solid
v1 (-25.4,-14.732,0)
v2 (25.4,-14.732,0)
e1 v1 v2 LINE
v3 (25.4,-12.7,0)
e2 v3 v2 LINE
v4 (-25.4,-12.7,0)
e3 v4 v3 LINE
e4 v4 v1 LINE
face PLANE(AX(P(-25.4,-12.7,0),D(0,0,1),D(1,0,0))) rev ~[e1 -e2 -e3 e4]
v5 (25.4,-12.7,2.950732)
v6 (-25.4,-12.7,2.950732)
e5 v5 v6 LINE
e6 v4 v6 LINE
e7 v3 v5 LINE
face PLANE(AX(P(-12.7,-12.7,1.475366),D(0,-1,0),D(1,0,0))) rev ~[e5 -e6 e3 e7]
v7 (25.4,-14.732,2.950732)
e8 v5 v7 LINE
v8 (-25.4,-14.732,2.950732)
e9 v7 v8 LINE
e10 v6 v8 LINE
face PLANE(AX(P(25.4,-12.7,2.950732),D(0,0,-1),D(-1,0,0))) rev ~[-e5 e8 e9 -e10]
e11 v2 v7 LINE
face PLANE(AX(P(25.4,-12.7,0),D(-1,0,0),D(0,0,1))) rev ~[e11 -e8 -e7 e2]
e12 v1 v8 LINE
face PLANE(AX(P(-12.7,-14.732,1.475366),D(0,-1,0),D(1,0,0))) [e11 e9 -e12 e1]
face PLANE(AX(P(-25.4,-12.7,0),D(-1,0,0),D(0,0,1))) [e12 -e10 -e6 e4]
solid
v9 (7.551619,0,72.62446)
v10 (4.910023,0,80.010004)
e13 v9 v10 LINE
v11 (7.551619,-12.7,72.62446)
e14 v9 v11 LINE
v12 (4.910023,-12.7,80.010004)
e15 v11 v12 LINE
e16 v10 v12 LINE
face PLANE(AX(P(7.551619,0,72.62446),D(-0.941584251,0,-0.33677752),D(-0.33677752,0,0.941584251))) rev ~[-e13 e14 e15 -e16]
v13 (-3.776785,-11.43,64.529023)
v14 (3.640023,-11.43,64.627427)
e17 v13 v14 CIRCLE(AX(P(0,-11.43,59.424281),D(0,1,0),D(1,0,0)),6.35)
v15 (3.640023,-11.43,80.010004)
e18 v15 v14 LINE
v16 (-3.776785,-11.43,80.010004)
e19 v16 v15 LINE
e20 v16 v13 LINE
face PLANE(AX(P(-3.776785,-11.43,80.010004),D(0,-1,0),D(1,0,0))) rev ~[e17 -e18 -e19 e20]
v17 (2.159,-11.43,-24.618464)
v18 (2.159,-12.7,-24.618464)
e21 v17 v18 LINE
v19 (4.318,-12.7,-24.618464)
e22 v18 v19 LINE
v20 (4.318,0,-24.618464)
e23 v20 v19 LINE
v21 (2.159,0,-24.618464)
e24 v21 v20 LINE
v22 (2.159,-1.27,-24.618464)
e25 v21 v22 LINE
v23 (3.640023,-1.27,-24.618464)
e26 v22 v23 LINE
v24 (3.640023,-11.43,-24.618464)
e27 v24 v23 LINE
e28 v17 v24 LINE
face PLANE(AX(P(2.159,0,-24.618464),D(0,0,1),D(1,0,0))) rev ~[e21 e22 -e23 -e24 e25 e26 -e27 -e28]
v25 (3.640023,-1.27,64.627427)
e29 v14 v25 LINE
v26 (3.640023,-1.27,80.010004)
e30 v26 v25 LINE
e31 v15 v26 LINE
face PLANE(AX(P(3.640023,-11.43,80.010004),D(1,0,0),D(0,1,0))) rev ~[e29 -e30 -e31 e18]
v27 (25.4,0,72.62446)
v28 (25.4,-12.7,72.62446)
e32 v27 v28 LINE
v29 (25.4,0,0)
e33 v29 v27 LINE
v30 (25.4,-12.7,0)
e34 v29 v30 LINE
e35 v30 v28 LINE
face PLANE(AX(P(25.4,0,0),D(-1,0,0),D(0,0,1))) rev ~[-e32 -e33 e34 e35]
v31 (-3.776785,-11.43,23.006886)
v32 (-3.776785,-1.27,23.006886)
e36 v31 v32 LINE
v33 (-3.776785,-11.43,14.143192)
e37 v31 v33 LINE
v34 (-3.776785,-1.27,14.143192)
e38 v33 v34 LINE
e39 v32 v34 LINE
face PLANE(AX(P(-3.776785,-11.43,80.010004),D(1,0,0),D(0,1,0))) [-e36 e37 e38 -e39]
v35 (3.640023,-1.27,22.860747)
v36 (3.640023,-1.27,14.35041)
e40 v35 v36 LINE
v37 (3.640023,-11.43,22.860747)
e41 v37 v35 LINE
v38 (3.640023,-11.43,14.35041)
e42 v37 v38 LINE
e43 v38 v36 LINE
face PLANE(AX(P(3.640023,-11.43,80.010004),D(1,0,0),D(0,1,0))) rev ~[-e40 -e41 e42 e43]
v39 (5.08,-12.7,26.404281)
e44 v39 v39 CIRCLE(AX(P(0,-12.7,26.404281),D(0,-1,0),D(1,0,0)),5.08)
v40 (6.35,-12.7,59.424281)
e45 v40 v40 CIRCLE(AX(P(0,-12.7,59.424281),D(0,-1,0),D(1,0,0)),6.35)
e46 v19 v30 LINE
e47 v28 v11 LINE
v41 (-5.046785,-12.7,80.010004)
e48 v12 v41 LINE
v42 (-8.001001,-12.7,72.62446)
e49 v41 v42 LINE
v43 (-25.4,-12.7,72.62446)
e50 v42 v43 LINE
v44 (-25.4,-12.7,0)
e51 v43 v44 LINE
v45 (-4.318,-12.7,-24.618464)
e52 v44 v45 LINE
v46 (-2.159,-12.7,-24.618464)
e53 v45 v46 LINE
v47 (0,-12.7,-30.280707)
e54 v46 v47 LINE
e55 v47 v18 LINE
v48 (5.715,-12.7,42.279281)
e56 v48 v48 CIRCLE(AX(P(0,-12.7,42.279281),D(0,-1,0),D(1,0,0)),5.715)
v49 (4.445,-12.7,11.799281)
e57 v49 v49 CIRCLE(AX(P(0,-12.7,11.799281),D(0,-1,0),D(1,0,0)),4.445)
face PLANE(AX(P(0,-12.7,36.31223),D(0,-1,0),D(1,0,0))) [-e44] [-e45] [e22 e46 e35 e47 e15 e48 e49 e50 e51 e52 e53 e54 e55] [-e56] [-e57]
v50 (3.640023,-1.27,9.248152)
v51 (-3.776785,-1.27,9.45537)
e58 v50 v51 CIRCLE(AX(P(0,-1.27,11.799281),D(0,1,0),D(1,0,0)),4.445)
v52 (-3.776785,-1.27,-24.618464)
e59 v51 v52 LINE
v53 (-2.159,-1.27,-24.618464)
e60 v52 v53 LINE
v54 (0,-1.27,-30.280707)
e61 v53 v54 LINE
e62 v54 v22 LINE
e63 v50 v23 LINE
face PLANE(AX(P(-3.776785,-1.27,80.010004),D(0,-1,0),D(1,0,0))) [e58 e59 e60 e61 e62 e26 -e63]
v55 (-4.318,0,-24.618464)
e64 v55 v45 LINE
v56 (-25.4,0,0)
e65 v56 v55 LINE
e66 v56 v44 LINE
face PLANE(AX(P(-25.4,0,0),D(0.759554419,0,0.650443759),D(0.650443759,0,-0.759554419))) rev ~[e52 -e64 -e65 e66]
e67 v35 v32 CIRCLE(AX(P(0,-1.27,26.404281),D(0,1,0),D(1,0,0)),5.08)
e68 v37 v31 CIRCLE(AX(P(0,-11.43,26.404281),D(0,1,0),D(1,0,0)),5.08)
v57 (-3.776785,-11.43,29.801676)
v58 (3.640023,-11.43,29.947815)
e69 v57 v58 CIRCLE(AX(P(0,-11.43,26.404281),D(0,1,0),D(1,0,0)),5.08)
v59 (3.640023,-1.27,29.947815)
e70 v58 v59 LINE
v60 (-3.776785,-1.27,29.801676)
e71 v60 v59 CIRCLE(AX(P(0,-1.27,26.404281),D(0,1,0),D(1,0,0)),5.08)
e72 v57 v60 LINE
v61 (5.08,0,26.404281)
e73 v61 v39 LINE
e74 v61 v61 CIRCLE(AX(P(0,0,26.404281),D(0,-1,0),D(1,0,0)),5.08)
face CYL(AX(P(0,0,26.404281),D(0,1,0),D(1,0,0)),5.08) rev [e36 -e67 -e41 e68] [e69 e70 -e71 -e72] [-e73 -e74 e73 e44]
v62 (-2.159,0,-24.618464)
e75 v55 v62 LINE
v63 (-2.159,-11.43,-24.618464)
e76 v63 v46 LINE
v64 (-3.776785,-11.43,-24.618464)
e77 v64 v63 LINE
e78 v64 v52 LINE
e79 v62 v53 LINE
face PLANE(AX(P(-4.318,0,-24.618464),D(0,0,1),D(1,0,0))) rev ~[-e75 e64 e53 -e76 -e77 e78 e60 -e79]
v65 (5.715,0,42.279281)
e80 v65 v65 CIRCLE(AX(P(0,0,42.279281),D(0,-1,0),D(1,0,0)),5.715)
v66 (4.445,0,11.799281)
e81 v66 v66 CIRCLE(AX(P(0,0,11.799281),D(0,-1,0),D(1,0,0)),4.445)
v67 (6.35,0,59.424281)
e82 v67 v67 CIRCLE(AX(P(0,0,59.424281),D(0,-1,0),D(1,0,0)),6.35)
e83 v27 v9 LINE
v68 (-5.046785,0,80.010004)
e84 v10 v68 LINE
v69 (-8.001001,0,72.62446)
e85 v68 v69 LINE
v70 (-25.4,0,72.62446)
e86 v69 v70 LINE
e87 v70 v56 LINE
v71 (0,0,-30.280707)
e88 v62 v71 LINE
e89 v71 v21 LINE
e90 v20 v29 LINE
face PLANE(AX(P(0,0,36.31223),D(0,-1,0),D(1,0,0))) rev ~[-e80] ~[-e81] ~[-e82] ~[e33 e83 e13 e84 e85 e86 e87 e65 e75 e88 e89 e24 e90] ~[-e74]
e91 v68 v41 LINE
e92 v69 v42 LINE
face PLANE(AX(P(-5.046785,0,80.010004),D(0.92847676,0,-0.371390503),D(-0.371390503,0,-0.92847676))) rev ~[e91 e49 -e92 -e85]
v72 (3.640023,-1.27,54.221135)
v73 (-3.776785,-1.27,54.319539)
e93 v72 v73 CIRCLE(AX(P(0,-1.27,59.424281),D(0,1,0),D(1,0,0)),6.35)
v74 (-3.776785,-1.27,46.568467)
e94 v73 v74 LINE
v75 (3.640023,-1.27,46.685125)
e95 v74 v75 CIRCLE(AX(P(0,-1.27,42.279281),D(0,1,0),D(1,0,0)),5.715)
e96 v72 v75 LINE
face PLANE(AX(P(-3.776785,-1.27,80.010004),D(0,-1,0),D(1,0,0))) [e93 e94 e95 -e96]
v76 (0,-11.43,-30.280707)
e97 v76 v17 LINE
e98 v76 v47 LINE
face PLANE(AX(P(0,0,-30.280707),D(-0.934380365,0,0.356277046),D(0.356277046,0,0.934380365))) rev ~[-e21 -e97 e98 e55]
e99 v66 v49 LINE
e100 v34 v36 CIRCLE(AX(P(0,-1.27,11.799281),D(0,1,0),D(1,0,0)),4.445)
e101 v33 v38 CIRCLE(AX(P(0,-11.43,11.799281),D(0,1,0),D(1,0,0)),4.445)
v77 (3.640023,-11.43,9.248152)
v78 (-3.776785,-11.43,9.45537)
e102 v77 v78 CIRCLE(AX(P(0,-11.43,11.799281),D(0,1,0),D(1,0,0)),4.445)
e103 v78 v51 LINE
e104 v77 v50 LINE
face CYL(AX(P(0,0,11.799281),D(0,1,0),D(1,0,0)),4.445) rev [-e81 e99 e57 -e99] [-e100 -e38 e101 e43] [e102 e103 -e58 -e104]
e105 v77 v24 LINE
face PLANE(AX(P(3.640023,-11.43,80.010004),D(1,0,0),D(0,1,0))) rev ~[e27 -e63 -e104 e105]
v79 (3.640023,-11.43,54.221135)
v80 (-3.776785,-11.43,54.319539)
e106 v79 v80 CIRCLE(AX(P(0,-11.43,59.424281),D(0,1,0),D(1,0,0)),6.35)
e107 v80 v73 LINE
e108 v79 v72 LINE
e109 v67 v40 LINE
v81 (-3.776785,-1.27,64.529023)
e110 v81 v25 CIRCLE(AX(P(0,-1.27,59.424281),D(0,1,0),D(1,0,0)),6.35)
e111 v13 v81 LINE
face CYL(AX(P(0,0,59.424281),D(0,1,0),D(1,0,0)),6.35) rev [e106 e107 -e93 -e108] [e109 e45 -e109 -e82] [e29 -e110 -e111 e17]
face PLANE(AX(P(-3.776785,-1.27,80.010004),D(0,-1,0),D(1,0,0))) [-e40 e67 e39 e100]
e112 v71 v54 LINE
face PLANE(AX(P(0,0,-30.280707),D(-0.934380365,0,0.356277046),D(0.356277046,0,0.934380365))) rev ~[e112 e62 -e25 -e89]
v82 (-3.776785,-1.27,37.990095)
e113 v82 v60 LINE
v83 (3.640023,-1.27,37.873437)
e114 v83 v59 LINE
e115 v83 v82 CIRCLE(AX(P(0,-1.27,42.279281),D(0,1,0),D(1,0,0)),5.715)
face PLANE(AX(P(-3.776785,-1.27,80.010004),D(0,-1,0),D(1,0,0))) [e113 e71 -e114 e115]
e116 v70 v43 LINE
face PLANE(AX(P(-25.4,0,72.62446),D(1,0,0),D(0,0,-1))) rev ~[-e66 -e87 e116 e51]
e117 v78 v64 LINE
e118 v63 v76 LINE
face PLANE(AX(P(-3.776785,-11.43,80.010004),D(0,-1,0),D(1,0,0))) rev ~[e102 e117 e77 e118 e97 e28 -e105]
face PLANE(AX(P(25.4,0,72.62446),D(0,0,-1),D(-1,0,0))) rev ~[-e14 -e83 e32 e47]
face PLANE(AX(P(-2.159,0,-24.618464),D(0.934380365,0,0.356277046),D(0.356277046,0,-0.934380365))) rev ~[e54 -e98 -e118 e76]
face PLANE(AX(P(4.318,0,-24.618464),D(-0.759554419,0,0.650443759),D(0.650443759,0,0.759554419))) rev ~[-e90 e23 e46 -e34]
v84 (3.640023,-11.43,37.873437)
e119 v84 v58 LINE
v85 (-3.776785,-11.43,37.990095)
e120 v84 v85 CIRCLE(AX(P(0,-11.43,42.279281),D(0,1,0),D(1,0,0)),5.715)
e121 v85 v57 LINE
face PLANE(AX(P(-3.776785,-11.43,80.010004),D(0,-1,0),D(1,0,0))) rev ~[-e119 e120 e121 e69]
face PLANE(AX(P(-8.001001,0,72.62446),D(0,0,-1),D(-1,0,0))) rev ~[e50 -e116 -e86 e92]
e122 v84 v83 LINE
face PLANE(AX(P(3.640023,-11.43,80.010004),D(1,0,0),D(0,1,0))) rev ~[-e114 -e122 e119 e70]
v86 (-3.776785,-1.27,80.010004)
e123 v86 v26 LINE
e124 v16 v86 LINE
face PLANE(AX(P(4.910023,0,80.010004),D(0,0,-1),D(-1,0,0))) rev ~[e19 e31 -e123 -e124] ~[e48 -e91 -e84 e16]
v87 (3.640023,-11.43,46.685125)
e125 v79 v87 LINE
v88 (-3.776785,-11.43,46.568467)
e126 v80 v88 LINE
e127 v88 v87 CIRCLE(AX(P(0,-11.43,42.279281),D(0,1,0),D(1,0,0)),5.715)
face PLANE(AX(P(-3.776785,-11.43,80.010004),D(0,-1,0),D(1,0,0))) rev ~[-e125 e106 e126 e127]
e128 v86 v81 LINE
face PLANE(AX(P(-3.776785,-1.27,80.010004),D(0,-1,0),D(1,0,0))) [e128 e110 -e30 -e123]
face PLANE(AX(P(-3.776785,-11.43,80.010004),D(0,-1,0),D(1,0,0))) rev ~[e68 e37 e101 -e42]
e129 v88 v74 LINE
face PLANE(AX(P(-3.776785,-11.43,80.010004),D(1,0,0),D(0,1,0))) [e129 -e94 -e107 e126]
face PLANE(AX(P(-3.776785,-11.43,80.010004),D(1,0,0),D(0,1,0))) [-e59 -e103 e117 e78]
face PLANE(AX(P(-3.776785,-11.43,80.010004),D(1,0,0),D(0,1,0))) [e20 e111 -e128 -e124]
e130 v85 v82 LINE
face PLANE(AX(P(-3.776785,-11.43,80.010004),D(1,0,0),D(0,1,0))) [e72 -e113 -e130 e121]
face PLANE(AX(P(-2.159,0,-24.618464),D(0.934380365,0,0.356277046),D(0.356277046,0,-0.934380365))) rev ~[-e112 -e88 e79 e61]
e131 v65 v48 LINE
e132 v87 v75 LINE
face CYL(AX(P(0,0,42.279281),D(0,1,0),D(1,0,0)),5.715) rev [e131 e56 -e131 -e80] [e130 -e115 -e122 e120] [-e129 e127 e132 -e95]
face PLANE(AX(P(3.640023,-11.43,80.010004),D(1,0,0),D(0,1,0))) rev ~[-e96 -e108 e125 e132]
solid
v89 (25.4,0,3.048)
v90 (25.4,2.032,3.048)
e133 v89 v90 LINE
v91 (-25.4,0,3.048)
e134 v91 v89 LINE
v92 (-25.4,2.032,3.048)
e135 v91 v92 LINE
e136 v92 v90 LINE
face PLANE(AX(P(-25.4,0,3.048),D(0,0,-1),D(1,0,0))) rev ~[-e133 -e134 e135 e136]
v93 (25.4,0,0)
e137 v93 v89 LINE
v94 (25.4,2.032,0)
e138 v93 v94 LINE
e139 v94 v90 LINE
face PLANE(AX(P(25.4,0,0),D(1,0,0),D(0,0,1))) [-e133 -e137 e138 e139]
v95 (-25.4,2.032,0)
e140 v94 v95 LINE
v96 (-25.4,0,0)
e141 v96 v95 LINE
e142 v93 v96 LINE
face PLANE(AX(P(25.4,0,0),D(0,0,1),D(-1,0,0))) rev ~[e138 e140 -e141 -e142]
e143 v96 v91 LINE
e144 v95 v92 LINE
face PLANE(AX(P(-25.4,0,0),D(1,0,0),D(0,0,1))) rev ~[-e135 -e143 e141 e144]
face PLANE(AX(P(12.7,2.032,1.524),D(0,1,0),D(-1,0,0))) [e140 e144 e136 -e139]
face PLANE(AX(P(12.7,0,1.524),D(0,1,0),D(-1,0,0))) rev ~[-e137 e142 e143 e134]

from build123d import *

# Parameters (mm, degrees)
F0_R     = 4.445
F0_R_2   = 5.08
F0_R_3   = 5.715
F0_R_4   = 6.35
F1_DEPTH = 12.7
F2_W     = 7.416808
F2_H     = 10.16
F3_DEPTH = 127
F4_W     = 25.4
F4_H     = 2.950732
F5_DEPTH = 2.032
F6_W     = 25.4
F6_H     = 3.048
F7_DEPTH = 2.032


with BuildPart() as f1:
    # F0 (on Front) → F1 (new body)
    with BuildSketch(Plane.XZ):
        Polygon((-25.4, 0), (0, 0), (25.4, 0), (25.4, 72.62446), (7.551619, 72.62446), (-0.068381, 72.62446), (-8.001001, 72.62446), (-25.4, 72.62446), align=None)
        with Locations((0, 11.799281)):
            Circle(F0_R, mode=Mode.SUBTRACT)
        with Locations((0, 26.404281)):
            Circle(F0_R_2, mode=Mode.SUBTRACT)
        with Locations((0, 42.279281)):
            Circle(F0_R_3, mode=Mode.SUBTRACT)
        with Locations((0, 59.424281)):
            Circle(F0_R_4, mode=Mode.SUBTRACT)
        Polygon((-5.046785, 80.010004), (-8.001001, 72.62446), (-0.068381, 72.62446), (0, 80.010004), align=None)
        Polygon((-0.068381, 72.62446), (7.551619, 72.62446), (4.910023, 80.010004), (0, 80.010004), align=None)
        Polygon((25.4, 0), (0, 0), (-25.4, 0), (-4.318, -24.618464), (-2.159, -24.618464), (0, -24.618464), (2.159, -24.618464), (4.318, -24.618464), align=None)
        Polygon((0, -24.618464), (-2.159, -24.618464), (0, -30.280707), (2.159, -24.618464), align=None)
    extrude(amount=F1_DEPTH)

    # F2 (on face) → F3 (cut)
    with BuildSketch(Plane.XY.offset(80.010004)):
        with Locations((-0.068381, -6.35)):
            Rectangle(F2_W, F2_H)
    extrude(amount=-F3_DEPTH, mode=Mode.SUBTRACT)


with BuildPart() as f5:
    # F4 (on face) → F5 (new body)
    with BuildSketch(Plane.XZ.offset(12.7)):
        with Locations((-12.7, 1.475366)):
            Rectangle(F4_W, F4_H)
        with Locations((12.7, 1.475366)):
            Rectangle(F4_W, F4_H)
    extrude(amount=F5_DEPTH)


with BuildPart() as f7:
    # F6 (on face) → F7 (new body)
    with BuildSketch(Plane(origin=(0, 0, 0), x_dir=(-1, 0, 0), z_dir=(0, 1, 0))):
        with Locations((-12.7, 1.524)):
            Rectangle(F6_W, F6_H)
        with Locations((12.7, 1.524)):
            Rectangle(F6_W, F6_H)
    extrude(amount=F7_DEPTH)


solid = Compound([f1.part, f5.part, f7.part])
